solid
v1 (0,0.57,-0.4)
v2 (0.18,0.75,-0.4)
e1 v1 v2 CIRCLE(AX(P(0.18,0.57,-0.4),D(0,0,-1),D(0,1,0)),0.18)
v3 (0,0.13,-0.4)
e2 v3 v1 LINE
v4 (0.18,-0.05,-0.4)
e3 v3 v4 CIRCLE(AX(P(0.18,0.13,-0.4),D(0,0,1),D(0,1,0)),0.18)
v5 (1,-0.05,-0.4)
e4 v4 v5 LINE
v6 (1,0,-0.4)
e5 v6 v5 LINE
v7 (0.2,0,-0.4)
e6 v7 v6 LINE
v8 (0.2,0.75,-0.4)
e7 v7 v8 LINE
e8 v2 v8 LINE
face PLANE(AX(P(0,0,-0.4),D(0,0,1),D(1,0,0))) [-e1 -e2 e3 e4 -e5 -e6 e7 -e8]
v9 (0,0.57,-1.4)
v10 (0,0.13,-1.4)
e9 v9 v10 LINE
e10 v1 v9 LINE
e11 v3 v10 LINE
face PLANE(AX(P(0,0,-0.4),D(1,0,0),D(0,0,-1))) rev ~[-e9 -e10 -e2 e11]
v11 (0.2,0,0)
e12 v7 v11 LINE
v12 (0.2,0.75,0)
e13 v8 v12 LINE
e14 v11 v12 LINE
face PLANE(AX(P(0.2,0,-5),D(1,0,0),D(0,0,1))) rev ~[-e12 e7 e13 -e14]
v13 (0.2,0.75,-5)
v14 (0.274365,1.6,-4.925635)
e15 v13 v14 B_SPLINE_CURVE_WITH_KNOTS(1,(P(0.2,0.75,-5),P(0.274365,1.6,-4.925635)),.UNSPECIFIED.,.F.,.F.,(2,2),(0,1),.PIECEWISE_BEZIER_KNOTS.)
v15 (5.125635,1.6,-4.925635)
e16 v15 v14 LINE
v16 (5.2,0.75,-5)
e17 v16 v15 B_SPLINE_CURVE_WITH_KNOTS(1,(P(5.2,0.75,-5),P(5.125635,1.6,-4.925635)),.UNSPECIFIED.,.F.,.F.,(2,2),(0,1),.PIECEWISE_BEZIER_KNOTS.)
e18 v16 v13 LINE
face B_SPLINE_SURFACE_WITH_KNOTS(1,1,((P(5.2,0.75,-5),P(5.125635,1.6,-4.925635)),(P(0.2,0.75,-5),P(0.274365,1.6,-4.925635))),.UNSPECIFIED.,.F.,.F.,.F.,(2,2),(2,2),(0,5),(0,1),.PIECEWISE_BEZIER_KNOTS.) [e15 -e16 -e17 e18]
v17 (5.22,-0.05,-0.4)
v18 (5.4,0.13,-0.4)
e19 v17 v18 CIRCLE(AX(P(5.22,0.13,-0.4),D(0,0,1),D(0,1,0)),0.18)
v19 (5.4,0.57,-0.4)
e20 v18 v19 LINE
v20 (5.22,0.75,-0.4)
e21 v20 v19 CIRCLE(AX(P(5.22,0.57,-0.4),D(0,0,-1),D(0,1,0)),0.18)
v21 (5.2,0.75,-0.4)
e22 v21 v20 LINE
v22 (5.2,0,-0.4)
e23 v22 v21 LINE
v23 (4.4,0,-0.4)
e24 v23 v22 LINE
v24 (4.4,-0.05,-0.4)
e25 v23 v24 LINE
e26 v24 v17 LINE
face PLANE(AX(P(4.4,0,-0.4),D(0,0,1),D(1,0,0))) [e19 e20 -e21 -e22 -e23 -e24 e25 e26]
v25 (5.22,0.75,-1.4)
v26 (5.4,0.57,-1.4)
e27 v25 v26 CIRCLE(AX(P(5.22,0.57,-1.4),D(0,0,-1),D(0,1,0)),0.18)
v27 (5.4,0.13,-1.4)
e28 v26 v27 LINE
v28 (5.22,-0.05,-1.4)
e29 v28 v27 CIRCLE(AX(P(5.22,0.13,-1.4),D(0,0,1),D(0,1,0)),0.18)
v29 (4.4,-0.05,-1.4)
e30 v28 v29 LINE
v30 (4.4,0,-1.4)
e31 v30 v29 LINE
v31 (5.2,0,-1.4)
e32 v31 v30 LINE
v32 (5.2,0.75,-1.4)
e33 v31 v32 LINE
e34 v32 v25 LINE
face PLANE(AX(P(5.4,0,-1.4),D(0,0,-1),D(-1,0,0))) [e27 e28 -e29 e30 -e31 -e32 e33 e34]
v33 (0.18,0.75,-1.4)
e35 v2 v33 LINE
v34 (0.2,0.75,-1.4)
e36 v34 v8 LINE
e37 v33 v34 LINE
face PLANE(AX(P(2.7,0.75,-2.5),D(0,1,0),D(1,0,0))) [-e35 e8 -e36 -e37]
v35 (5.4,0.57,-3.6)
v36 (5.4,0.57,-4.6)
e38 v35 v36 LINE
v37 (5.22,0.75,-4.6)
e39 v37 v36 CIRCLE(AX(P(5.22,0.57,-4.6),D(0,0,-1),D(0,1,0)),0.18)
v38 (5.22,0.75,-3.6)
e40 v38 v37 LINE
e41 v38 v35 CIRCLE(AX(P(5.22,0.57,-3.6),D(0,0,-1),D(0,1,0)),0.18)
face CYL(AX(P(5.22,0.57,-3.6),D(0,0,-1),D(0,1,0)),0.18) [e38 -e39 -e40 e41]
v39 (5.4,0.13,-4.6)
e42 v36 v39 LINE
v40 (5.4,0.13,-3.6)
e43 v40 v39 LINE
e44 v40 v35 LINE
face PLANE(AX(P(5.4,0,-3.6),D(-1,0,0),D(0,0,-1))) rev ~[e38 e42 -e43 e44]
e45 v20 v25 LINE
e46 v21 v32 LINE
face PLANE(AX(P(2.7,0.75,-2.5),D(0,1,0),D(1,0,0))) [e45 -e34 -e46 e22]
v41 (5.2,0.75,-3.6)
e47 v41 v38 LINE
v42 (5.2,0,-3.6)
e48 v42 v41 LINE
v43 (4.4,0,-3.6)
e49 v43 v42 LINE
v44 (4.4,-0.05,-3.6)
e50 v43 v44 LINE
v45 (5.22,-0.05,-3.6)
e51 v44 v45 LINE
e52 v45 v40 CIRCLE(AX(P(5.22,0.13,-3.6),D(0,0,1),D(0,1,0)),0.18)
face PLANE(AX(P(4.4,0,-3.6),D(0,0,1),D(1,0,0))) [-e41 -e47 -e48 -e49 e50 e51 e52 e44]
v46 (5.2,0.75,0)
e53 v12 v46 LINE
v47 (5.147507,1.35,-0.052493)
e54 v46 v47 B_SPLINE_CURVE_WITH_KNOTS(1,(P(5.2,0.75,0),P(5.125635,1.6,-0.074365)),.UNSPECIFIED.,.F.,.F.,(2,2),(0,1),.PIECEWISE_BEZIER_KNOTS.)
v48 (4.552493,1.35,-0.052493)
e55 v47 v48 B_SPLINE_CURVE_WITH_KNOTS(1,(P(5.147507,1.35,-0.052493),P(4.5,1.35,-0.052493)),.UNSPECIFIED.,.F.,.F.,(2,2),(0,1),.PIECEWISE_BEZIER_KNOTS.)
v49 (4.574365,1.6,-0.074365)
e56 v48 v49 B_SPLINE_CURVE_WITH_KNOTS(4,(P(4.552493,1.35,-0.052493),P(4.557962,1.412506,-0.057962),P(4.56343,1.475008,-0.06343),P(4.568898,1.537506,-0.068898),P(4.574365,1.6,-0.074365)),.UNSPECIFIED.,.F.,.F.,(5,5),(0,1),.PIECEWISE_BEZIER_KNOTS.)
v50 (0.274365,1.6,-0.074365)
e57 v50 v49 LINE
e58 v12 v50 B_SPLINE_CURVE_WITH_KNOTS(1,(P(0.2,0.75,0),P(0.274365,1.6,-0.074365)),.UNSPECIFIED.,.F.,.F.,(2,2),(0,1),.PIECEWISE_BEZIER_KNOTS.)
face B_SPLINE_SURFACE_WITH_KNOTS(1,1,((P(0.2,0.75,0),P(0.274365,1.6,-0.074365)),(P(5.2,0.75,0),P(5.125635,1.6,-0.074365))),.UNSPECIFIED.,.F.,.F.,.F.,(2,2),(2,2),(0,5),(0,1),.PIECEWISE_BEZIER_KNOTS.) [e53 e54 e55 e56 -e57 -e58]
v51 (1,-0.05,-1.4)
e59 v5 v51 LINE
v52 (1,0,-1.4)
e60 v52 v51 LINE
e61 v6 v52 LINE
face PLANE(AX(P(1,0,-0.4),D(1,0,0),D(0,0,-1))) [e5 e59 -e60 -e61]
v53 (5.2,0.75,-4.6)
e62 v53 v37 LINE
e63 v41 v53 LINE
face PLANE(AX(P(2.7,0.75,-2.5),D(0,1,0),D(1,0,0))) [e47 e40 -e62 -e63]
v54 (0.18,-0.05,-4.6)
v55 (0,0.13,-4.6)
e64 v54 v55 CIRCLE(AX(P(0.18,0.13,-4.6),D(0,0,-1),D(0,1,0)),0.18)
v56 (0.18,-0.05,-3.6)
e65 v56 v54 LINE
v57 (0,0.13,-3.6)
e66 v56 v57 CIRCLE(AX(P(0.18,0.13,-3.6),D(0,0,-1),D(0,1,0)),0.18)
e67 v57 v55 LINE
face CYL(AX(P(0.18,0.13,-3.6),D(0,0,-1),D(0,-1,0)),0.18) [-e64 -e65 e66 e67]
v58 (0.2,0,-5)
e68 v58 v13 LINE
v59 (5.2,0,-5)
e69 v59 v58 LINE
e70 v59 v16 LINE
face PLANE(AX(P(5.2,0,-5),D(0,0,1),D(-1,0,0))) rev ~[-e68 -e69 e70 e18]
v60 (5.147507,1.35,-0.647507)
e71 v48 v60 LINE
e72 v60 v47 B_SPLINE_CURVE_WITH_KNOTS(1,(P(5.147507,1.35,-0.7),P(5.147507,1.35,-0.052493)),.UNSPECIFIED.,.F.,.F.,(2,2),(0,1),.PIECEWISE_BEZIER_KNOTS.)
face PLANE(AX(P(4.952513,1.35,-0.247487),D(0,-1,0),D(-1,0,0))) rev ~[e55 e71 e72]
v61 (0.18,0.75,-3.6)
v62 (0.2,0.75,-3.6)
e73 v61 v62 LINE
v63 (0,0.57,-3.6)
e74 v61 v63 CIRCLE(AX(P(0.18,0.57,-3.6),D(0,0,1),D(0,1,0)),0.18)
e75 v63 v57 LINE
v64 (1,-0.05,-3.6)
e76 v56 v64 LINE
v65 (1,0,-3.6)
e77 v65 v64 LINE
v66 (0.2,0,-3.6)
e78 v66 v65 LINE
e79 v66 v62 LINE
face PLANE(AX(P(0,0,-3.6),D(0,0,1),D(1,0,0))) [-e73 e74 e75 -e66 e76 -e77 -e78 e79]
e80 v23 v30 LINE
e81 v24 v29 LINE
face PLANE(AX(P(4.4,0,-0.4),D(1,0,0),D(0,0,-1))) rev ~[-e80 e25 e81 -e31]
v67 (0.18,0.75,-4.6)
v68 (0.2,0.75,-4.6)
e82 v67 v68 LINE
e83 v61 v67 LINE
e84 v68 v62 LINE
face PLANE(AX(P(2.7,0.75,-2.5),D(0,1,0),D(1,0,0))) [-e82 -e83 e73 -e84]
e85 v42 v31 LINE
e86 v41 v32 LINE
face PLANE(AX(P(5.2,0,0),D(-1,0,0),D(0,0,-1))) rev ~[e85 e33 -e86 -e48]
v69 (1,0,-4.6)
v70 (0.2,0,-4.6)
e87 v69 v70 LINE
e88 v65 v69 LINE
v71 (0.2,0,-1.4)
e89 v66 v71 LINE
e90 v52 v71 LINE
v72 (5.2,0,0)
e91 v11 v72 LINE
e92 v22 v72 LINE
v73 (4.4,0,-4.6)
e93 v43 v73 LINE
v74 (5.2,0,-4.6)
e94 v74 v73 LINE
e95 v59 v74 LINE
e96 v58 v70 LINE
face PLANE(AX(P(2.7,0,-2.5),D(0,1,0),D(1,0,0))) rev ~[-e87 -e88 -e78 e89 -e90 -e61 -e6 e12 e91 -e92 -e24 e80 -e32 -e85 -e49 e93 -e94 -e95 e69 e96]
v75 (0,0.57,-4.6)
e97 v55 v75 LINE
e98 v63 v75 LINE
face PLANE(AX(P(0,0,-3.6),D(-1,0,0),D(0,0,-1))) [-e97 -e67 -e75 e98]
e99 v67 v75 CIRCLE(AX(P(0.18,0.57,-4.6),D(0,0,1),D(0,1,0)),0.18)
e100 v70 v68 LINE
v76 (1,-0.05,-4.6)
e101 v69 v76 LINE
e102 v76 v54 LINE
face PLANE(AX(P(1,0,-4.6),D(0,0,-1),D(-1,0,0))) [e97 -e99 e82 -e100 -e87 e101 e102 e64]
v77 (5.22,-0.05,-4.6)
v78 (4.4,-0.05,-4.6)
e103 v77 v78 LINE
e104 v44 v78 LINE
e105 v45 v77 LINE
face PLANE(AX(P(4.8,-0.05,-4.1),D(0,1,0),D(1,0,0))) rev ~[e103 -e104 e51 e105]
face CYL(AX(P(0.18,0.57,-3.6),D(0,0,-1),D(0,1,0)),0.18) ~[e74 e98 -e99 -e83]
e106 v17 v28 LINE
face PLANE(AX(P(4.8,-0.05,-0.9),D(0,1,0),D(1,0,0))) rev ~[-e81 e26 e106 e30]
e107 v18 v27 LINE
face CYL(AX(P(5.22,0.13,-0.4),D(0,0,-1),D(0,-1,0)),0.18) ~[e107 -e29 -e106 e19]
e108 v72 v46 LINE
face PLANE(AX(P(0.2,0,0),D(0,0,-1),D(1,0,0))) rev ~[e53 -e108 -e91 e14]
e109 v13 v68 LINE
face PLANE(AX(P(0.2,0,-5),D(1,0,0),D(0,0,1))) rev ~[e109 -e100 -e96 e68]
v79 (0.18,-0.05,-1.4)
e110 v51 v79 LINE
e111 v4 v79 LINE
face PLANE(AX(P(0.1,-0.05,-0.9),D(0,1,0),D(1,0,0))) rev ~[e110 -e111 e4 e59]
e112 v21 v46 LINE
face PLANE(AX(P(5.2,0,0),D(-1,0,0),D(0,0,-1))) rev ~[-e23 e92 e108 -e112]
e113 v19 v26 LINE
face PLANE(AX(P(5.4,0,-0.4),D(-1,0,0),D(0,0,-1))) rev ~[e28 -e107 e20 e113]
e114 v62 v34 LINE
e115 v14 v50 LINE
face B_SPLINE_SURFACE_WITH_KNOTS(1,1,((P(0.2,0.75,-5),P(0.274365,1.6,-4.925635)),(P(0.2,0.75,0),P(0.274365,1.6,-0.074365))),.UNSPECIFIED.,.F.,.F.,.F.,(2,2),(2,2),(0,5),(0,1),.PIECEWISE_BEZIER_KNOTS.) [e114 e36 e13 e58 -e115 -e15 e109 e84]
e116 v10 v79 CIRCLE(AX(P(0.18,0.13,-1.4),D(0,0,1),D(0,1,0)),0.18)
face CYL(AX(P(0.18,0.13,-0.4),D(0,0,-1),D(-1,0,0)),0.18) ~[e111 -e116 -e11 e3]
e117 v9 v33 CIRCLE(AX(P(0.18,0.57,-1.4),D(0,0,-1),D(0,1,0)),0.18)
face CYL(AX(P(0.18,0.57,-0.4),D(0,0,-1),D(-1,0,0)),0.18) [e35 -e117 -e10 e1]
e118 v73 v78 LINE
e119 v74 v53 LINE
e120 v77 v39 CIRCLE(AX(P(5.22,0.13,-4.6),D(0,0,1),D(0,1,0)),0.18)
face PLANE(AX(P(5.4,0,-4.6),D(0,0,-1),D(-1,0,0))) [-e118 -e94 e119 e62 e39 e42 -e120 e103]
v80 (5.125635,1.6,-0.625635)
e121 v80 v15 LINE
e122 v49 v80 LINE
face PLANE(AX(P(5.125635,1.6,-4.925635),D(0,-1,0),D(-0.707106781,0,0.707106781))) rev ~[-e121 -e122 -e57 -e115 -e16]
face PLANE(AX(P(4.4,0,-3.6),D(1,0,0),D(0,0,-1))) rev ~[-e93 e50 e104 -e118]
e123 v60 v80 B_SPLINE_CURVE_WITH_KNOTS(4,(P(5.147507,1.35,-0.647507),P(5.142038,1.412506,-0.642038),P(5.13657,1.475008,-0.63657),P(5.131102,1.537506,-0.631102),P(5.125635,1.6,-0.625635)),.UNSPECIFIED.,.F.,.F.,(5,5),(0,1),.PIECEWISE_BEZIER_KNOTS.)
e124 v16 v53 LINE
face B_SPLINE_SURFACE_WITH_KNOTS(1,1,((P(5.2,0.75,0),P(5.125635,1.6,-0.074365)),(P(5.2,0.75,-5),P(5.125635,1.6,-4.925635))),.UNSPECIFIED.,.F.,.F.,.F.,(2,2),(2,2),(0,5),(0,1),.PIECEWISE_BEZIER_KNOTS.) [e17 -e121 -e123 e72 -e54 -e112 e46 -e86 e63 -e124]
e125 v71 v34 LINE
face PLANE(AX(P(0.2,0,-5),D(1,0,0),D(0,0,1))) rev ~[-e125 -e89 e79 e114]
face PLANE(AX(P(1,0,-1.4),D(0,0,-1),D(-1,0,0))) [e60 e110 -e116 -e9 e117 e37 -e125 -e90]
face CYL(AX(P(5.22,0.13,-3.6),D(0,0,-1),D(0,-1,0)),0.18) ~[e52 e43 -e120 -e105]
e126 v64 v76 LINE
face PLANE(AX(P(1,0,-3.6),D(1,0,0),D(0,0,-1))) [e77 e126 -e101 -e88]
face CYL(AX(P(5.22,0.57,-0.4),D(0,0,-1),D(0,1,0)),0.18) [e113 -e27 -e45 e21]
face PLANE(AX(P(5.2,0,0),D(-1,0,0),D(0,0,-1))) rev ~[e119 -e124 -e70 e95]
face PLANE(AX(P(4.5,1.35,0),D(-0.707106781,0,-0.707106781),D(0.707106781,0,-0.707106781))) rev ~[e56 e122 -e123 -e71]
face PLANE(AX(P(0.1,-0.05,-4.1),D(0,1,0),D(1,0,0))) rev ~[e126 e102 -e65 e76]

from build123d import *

# Parameters (mm, degrees)
SKETCH1_W                       = 0.8
SKETCH1_H                       = 1
BOSS_EXTRUDE1_DEPTH             = 0.75
BOSS_EXTRUDE3_REACH             = 9.253
SKETCH1_4_W                     = 0.2
SKETCH1_4_H                     = 1
SKETCH1_4_W_2                   = 0.8
BOSS_EXTRUDE3_DIRECTION_2_DEPTH = 0.05
FILLET2_R                       = 0.18
BOSS_EXTRUDE2_DEPTH             = 0.85
BOSS_EXTRUDE2_TAPER             = 5
CUT_EXTRUDE1_START              = 0.6
CUT_EXTRUDE1_DEPTH              = 0.25


with BuildPart() as part:
    # Sketch1 → Boss-Extrude1 (new body)
    with BuildSketch(Plane(origin=(0, 0, 0), x_dir=(1, 0, 0), z_dir=(0, 1, 0))):
        Polygon((5.2, 4.6), (5.2, 5), (0.2, 5), (0.2, 4.6), (1, 4.6), (1, 3.6), (0.2, 3.6), (0.2, 1.4), (1, 1.4), (1, 0.4), (0.2, 0.4), (0.2, 0), (5.2, 0), (5.2, 0.4), (4.4, 0.4), (4.4, 1.4), (5.2, 1.4), (5.2, 3.6), (4.4, 3.6), (4.4, 4.6), align=None)
        with Locations((0.6, 4.1)):
            Rectangle(SKETCH1_W, SKETCH1_H)
        with Locations((4.8, 4.1)):
            Rectangle(SKETCH1_W, SKETCH1_H)
        with Locations((4.8, 0.9)):
            Rectangle(SKETCH1_W, SKETCH1_H)
        with Locations((0.6, 0.9)):
            Rectangle(SKETCH1_W, SKETCH1_H)
    extrude(amount=BOSS_EXTRUDE1_DEPTH)

    # Boss-Extrude3: up to this face of the body (flat: up to its plane)
    boss_extrude3_end = Plane(part.part.faces().sort_by_distance((2.7, 0.75, -2.5))[0])
    # Sketch1<4> → Boss-Extrude3 (add, up to the picked face)
    with BuildSketch(Plane(origin=(0, 0, 0), x_dir=(1, 0, 0), z_dir=(0, 1, 0)), mode=Mode.PRIVATE) as boss_extrude3_sk1:
        with Locations((0.1, 0.9)):
            Rectangle(SKETCH1_4_W, SKETCH1_4_H)
    boss_extrude3_tool1 = split(extrude(boss_extrude3_sk1.sketch, amount=BOSS_EXTRUDE3_REACH, mode=Mode.PRIVATE), bisect_by=boss_extrude3_end, keep=Keep.BOTH, mode=Mode.PRIVATE)
    # Sketch1<4> → Boss-Extrude3 (add, up to the picked face)
    with BuildSketch(Plane(origin=(0, 0, 0), x_dir=(1, 0, 0), z_dir=(0, 1, 0)), mode=Mode.PRIVATE) as boss_extrude3_sk2:
        with Locations((0.6, 0.9)):
            Rectangle(SKETCH1_4_W_2, SKETCH1_4_H)
    boss_extrude3_tool2 = split(extrude(boss_extrude3_sk2.sketch, amount=BOSS_EXTRUDE3_REACH, mode=Mode.PRIVATE), bisect_by=boss_extrude3_end, keep=Keep.BOTH, mode=Mode.PRIVATE)
    # Sketch1<4> → Boss-Extrude3 (add, up to the picked face)
    with BuildSketch(Plane(origin=(0, 0, 0), x_dir=(1, 0, 0), z_dir=(0, 1, 0)), mode=Mode.PRIVATE) as boss_extrude3_sk3:
        with Locations((0.1, 4.1)):
            Rectangle(SKETCH1_4_W, SKETCH1_4_H)
    boss_extrude3_tool3 = split(extrude(boss_extrude3_sk3.sketch, amount=BOSS_EXTRUDE3_REACH, mode=Mode.PRIVATE), bisect_by=boss_extrude3_end, keep=Keep.BOTH, mode=Mode.PRIVATE)
    # Sketch1<4> → Boss-Extrude3 (add, up to the picked face)
    with BuildSketch(Plane(origin=(0, 0, 0), x_dir=(1, 0, 0), z_dir=(0, 1, 0)), mode=Mode.PRIVATE) as boss_extrude3_sk4:
        with Locations((0.6, 4.1)):
            Rectangle(SKETCH1_4_W_2, SKETCH1_4_H)
    boss_extrude3_tool4 = split(extrude(boss_extrude3_sk4.sketch, amount=BOSS_EXTRUDE3_REACH, mode=Mode.PRIVATE), bisect_by=boss_extrude3_end, keep=Keep.BOTH, mode=Mode.PRIVATE)
    # Sketch1<4> → Boss-Extrude3 (add, up to the picked face)
    with BuildSketch(Plane(origin=(0, 0, 0), x_dir=(1, 0, 0), z_dir=(0, 1, 0)), mode=Mode.PRIVATE) as boss_extrude3_sk5:
        with Locations((4.8, 0.9)):
            Rectangle(SKETCH1_4_W_2, SKETCH1_4_H)
    boss_extrude3_tool5 = split(extrude(boss_extrude3_sk5.sketch, amount=BOSS_EXTRUDE3_REACH, mode=Mode.PRIVATE), bisect_by=boss_extrude3_end, keep=Keep.BOTH, mode=Mode.PRIVATE)
    # Sketch1<4> → Boss-Extrude3 (add, up to the picked face)
    with BuildSketch(Plane(origin=(0, 0, 0), x_dir=(1, 0, 0), z_dir=(0, 1, 0)), mode=Mode.PRIVATE) as boss_extrude3_sk6:
        with Locations((5.3, 0.9)):
            Rectangle(SKETCH1_4_W, SKETCH1_4_H)
    boss_extrude3_tool6 = split(extrude(boss_extrude3_sk6.sketch, amount=BOSS_EXTRUDE3_REACH, mode=Mode.PRIVATE), bisect_by=boss_extrude3_end, keep=Keep.BOTH, mode=Mode.PRIVATE)
    # Sketch1<4> → Boss-Extrude3 (add, up to the picked face)
    with BuildSketch(Plane(origin=(0, 0, 0), x_dir=(1, 0, 0), z_dir=(0, 1, 0)), mode=Mode.PRIVATE) as boss_extrude3_sk7:
        with Locations((4.8, 4.1)):
            Rectangle(SKETCH1_4_W_2, SKETCH1_4_H)
    boss_extrude3_tool7 = split(extrude(boss_extrude3_sk7.sketch, amount=BOSS_EXTRUDE3_REACH, mode=Mode.PRIVATE), bisect_by=boss_extrude3_end, keep=Keep.BOTH, mode=Mode.PRIVATE)
    # Sketch1<4> → Boss-Extrude3 (add, up to the picked face)
    with BuildSketch(Plane(origin=(0, 0, 0), x_dir=(1, 0, 0), z_dir=(0, 1, 0)), mode=Mode.PRIVATE) as boss_extrude3_sk8:
        with Locations((5.3, 4.1)):
            Rectangle(SKETCH1_4_W, SKETCH1_4_H)
    boss_extrude3_tool8 = split(extrude(boss_extrude3_sk8.sketch, amount=BOSS_EXTRUDE3_REACH, mode=Mode.PRIVATE), bisect_by=boss_extrude3_end, keep=Keep.BOTH, mode=Mode.PRIVATE)
    add(boss_extrude3_tool1.solids().sort_by(Axis((0.1, 0, -0.9), (0, 1, 0)))[0])
    add(boss_extrude3_tool2.solids().sort_by(Axis((0.6, 0, -0.9), (0, 1, 0)))[0])
    add(boss_extrude3_tool3.solids().sort_by(Axis((0.1, 0, -4.1), (0, 1, 0)))[0])
    add(boss_extrude3_tool4.solids().sort_by(Axis((0.6, 0, -4.1), (0, 1, 0)))[0])
    add(boss_extrude3_tool5.solids().sort_by(Axis((4.8, 0, -0.9), (0, 1, 0)))[0])
    add(boss_extrude3_tool6.solids().sort_by(Axis((5.3, 0, -0.9), (0, 1, 0)))[0])
    add(boss_extrude3_tool7.solids().sort_by(Axis((4.8, 0, -4.1), (0, 1, 0)))[0])
    add(boss_extrude3_tool8.solids().sort_by(Axis((5.3, 0, -4.1), (0, 1, 0)))[0])

    # Sketch1<4> → Boss-Extrude3 direction 2 (add)
    with BuildSketch(Plane(origin=(0, 0, 0), x_dir=(1, 0, 0), z_dir=(0, 1, 0))):
        with Locations((0.1, 0.9)):
            Rectangle(SKETCH1_4_W, SKETCH1_4_H)
        with Locations((0.6, 0.9)):
            Rectangle(SKETCH1_4_W_2, SKETCH1_4_H)
        with Locations((0.1, 4.1)):
            Rectangle(SKETCH1_4_W, SKETCH1_4_H)
        with Locations((0.6, 4.1)):
            Rectangle(SKETCH1_4_W_2, SKETCH1_4_H)
        with Locations((4.8, 0.9)):
            Rectangle(SKETCH1_4_W_2, SKETCH1_4_H)
        with Locations((5.3, 0.9)):
            Rectangle(SKETCH1_4_W, SKETCH1_4_H)
        with Locations((4.8, 4.1)):
            Rectangle(SKETCH1_4_W_2, SKETCH1_4_H)
        with Locations((5.3, 4.1)):
            Rectangle(SKETCH1_4_W, SKETCH1_4_H)
    extrude(amount=-BOSS_EXTRUDE3_DIRECTION_2_DEPTH)

    # Fillet2
    fillet2_edges = [part.edges().sort_by_distance(p)[0] for p in [
        (0, 0.75, -0.9),
        (0, -0.05, -0.9),
        (0, 0.75, -4.1),
        (0, -0.05, -4.1),
        (5.4, -0.05, -0.9),
        (5.4, 0.75, -0.9),
        (5.4, 0.75, -4.1),
        (5.4, -0.05, -4.1),
    ]]
    fillet(fillet2_edges, radius=FILLET2_R)

    # Sketch2 → Boss-Extrude2 (add)
    with BuildSketch(Plane(origin=(0, 0.75, 0), x_dir=(1, 0, 0), z_dir=(0, 1, 0))):
        Polygon((5.2, 1.4), (5.2, 3.6), (5.2, 4.6), (5.2, 5), (0.2, 5), (0.2, 4.6), (0.2, 3.6), (0.2, 1.4), (0.2, 0.4), (0.2, 0), (5.2, 0), (5.2, 0.4), align=None)
    extrude(amount=BOSS_EXTRUDE2_DEPTH, taper=BOSS_EXTRUDE2_TAPER)

    # Sketch4 → Cut-Extrude1 (cut)
    with BuildSketch(Plane(origin=(0, 0.75, 0), x_dir=(1, 0, 0), z_dir=(0, 1, 0)).offset(CUT_EXTRUDE1_START)):
        Polygon((4.5, 0), (5.2, 0.7), (5.2, 0), align=None)
    extrude(amount=CUT_EXTRUDE1_DEPTH, mode=Mode.SUBTRACT)


solid = part.part
